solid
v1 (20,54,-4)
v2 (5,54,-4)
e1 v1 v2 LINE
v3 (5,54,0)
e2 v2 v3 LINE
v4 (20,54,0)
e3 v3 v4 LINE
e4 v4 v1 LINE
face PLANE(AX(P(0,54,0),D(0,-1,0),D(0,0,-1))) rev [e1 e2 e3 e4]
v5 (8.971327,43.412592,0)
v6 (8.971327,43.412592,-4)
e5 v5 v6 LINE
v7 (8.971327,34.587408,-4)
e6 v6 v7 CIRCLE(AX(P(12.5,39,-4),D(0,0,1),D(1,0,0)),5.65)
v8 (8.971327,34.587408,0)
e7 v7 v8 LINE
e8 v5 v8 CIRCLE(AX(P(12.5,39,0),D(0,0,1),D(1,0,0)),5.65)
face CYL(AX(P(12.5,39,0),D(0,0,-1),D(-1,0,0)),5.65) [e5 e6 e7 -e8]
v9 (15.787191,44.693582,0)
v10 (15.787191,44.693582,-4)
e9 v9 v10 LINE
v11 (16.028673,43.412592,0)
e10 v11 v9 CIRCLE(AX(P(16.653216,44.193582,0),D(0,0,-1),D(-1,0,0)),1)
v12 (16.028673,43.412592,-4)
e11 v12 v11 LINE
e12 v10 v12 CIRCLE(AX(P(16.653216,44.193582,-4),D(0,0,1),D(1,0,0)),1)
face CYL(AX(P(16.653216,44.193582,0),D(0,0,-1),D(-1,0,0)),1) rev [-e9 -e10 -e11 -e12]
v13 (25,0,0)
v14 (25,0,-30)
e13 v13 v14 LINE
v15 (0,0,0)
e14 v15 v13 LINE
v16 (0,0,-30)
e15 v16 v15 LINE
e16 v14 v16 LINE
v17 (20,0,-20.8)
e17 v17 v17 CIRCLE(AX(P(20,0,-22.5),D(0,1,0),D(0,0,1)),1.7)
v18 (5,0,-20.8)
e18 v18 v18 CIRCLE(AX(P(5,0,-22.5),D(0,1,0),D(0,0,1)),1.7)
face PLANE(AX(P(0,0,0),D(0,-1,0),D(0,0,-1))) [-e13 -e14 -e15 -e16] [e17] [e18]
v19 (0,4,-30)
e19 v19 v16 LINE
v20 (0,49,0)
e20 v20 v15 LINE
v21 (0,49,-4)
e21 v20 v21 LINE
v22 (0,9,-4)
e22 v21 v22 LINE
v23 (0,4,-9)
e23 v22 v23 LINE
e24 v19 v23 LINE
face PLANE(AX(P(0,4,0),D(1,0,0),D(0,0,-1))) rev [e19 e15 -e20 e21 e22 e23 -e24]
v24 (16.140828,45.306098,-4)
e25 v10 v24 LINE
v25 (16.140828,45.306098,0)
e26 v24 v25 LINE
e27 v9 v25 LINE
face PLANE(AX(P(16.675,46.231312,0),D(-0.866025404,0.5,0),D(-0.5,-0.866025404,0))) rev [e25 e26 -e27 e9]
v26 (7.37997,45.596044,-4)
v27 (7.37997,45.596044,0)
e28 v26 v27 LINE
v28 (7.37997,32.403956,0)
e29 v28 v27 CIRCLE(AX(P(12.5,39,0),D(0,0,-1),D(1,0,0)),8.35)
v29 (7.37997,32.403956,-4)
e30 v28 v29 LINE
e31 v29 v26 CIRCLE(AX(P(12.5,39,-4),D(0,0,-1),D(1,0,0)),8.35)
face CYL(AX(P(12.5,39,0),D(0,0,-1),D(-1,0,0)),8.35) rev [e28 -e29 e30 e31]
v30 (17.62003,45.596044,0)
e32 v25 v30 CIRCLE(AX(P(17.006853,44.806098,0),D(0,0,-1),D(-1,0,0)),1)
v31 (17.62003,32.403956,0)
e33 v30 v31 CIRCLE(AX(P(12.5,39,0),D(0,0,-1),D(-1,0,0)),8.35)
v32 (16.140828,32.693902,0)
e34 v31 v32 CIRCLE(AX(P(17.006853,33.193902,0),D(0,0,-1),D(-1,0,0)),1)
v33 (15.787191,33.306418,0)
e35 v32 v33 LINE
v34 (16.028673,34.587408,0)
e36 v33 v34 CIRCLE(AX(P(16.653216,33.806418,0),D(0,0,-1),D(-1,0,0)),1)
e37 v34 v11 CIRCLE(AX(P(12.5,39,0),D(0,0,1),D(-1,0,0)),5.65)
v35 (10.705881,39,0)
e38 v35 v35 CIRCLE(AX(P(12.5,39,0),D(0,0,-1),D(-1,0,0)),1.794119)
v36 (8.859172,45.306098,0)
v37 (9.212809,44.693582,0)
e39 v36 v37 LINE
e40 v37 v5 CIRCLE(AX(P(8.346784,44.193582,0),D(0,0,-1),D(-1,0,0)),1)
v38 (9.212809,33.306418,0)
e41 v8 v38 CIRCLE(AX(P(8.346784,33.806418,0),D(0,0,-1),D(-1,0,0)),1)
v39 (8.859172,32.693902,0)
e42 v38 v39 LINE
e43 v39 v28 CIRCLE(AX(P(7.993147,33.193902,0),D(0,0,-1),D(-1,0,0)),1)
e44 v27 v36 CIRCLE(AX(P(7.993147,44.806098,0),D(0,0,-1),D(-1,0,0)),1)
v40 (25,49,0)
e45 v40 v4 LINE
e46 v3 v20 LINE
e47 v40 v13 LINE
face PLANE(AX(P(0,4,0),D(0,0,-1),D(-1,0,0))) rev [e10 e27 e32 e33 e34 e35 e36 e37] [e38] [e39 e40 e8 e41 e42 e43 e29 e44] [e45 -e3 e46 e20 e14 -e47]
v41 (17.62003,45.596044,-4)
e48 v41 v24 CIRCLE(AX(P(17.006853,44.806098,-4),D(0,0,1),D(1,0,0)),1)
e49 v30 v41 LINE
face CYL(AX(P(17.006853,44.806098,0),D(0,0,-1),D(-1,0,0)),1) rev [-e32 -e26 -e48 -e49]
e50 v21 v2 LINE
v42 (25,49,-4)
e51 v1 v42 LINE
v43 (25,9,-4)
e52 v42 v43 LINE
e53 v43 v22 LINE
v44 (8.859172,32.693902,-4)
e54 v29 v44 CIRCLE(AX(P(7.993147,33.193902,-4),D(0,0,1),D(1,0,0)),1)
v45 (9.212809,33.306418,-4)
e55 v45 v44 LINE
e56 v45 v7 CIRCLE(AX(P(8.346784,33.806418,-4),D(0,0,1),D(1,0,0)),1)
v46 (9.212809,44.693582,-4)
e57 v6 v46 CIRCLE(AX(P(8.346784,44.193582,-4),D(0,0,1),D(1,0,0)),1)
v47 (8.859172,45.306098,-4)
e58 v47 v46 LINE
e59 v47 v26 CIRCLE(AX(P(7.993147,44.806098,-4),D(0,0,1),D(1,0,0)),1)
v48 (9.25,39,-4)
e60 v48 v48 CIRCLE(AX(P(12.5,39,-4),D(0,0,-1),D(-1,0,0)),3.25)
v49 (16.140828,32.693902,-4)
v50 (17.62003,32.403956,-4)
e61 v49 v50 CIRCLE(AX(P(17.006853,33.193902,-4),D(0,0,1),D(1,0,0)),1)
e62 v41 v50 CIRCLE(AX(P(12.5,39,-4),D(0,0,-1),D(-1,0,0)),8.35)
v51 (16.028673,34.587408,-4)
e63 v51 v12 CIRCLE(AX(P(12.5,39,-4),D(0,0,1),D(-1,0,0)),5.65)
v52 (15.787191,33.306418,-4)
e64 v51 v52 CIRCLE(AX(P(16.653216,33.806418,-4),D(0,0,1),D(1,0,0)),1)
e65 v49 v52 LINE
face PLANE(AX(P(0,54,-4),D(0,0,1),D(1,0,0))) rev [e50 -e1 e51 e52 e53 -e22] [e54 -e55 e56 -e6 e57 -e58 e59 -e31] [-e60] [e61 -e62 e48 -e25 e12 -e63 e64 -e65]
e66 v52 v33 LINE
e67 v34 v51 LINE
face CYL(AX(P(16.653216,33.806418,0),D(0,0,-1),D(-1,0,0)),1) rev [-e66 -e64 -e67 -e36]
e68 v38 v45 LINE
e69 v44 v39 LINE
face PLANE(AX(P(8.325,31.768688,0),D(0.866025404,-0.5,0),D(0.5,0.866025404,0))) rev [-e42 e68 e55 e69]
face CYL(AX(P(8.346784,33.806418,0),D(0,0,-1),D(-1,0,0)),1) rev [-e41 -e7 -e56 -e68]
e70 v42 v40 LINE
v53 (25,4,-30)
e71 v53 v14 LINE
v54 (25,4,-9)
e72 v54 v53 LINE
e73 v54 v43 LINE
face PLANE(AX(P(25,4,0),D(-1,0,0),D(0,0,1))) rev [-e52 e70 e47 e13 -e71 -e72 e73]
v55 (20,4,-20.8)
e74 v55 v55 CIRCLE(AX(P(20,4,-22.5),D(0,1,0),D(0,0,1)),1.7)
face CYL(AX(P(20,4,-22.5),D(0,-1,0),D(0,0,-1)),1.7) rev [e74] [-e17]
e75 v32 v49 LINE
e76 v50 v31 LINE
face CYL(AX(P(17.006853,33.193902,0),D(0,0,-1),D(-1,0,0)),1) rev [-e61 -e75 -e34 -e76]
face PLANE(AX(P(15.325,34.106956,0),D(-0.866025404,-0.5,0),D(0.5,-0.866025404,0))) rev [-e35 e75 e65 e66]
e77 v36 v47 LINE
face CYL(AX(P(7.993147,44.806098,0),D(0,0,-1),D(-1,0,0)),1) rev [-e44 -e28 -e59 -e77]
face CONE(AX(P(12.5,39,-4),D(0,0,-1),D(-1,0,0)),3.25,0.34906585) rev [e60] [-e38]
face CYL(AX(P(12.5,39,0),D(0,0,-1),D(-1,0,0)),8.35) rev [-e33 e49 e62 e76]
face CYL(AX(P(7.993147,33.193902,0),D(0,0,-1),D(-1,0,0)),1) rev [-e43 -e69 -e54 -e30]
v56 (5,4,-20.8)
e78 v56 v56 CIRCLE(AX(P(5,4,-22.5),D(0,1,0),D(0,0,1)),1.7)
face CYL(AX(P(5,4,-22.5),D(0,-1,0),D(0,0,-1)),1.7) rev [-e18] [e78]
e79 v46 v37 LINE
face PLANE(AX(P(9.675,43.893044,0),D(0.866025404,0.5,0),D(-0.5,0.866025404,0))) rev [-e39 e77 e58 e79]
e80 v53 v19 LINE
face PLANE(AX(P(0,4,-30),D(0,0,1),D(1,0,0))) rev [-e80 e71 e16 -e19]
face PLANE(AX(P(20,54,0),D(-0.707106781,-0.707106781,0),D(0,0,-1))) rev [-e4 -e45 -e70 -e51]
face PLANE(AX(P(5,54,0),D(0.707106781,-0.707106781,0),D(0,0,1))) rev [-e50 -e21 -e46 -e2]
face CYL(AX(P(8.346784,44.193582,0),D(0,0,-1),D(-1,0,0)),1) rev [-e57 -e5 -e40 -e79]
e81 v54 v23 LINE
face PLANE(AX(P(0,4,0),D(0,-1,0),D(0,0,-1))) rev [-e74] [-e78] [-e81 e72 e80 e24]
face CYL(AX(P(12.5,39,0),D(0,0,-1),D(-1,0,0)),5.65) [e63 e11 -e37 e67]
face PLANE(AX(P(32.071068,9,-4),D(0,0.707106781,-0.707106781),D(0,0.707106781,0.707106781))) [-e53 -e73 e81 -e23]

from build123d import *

# Parameters (mm, degrees)
SKETCH_2_W          = 25
SKETCH_2_H          = 30
SKETCH_2_R          = 1.7
EXTRUDE_1_DEPTH     = 4
SKETCH_3_W          = 25
SKETCH_3_H          = 4
EXTRUDE_2_DEPTH     = 50
SKETCH_7_R          = 3.25
CUT_EXTRUDE_3_DEPTH = 4
CUT_EXTRUDE_3_DRAFT = -20
CUT_EXTRUDE_4_DEPTH = 65.93843238
EXTRUDE_3_DEPTH     = 25
CHAMFER_1_SIZE      = 5
FILLET_1_R          = 1


with BuildPart() as part:
    # 草图2 → 凸台-拉伸1 (new body)
    with BuildSketch(Plane(origin=(0, 0, 0), x_dir=(1, 0, 0), z_dir=(0, 1, 0))):
        with Locations((12.5, 15)):
            Rectangle(SKETCH_2_W, SKETCH_2_H)
        with Locations(Location((5, 22.5, 0), (0, 0, 270))):
            Circle(SKETCH_2_R, mode=Mode.SUBTRACT)
        with Locations(Location((20, 22.5, 0), (0, 0, 270))):
            Circle(SKETCH_2_R, mode=Mode.SUBTRACT)
    extrude(amount=EXTRUDE_1_DEPTH)

    # 草图3 → 凸台-拉伸2 (add)
    with BuildSketch(Plane(origin=(0, 4, 0), x_dir=(1, 0, 0), z_dir=(0, 1, 0))):
        with Locations((12.5, 2)):
            Rectangle(SKETCH_3_W, SKETCH_3_H)
    extrude(amount=EXTRUDE_2_DEPTH)


with BuildPart() as cut_extrude_3_tool:
    # 草图7 → 切除-拉伸3 (with draft: the straight prism first)
    with BuildSketch(Plane(origin=(0, 0, -4), x_dir=(-1, 0, 0), z_dir=(0, 0, -1))):
        with Locations((-12.5, 39)):
            Circle(SKETCH_7_R)
    extrude(amount=-CUT_EXTRUDE_3_DEPTH)
    # 切除-拉伸3: the draft: its side faces are tilted about the plane it starts from
    cut_extrude_3_sides = [cut_extrude_3_tool.faces().sort_by_distance(p)[0] for p in [
        (15.75, 39, -2),
    ]]
    draft(cut_extrude_3_sides, Plane(origin=(0, 0, -4), x_dir=(-1, 0, 0), z_dir=(0, 0, -1)), CUT_EXTRUDE_3_DRAFT)


with BuildPart() as part_1:
    add(part.part)

    # 切除-拉伸3: cut by cut_extrude_3_tool
    add(cut_extrude_3_tool.part, mode=Mode.SUBTRACT)

    # 草图6 → 切除-拉伸4 (cut, through all)
    with BuildSketch(Plane(origin=(0, 0, -4), x_dir=(-1, 0, 0), z_dir=(0, 0, -1))):
        with BuildLine():
            Line((-16.675, 46.231312122), (-15.325, 43.893043531))
            ThreePointArc((-15.325, 43.893043531), (-18.15, 39), (-15.325, 34.106956469))
            Line((-15.325, 34.106956469), (-16.675, 31.768687878))
            ThreePointArc((-16.675, 31.768687878), (-20.85, 39), (-16.675, 46.231312122))
        make_face()
        with BuildLine():
            Line((-9.675, 43.893043531), (-8.325, 46.231312122))
            ThreePointArc((-8.325, 46.231312122), (-4.15, 39), (-8.325, 31.768687878))
            Line((-8.325, 31.768687878), (-9.675, 34.106956469))
            ThreePointArc((-9.675, 34.106956469), (-6.85, 39), (-9.675, 43.893043531))
        make_face()
    extrude(amount=-CUT_EXTRUDE_4_DEPTH, mode=Mode.SUBTRACT)

    # 草图9 → 凸台-拉伸3 (add)
    with BuildSketch(Plane.ZY):
        Polygon((-9, 4), (-4, 4), (-4, 9), align=None)
    extrude(amount=-EXTRUDE_3_DEPTH)

    # 倒角1
    chamfer_1_edges = [part_1.edges().sort_by_distance(p)[0] for p in [
        (0, 54, -2),
        (25, 54, -2),
    ]]
    chamfer(chamfer_1_edges, length=CHAMFER_1_SIZE)

    # 圆角1
    fillet_1_edges = [part_1.edges().sort_by_distance(p)[0] for p in [
        (9.675, 34.106956469, -2),
        (9.675, 43.893043531, -2),
        (8.325, 46.231312122, -2),
        (8.325, 31.768687878, -2),
        (16.675, 31.768687878, -2),
        (16.675, 46.231312122, -2),
        (15.325, 43.893043531, -2),
        (15.325, 34.106956469, -2),
    ]]
    fillet(fillet_1_edges, radius=FILLET_1_R)


solid = part_1.part
